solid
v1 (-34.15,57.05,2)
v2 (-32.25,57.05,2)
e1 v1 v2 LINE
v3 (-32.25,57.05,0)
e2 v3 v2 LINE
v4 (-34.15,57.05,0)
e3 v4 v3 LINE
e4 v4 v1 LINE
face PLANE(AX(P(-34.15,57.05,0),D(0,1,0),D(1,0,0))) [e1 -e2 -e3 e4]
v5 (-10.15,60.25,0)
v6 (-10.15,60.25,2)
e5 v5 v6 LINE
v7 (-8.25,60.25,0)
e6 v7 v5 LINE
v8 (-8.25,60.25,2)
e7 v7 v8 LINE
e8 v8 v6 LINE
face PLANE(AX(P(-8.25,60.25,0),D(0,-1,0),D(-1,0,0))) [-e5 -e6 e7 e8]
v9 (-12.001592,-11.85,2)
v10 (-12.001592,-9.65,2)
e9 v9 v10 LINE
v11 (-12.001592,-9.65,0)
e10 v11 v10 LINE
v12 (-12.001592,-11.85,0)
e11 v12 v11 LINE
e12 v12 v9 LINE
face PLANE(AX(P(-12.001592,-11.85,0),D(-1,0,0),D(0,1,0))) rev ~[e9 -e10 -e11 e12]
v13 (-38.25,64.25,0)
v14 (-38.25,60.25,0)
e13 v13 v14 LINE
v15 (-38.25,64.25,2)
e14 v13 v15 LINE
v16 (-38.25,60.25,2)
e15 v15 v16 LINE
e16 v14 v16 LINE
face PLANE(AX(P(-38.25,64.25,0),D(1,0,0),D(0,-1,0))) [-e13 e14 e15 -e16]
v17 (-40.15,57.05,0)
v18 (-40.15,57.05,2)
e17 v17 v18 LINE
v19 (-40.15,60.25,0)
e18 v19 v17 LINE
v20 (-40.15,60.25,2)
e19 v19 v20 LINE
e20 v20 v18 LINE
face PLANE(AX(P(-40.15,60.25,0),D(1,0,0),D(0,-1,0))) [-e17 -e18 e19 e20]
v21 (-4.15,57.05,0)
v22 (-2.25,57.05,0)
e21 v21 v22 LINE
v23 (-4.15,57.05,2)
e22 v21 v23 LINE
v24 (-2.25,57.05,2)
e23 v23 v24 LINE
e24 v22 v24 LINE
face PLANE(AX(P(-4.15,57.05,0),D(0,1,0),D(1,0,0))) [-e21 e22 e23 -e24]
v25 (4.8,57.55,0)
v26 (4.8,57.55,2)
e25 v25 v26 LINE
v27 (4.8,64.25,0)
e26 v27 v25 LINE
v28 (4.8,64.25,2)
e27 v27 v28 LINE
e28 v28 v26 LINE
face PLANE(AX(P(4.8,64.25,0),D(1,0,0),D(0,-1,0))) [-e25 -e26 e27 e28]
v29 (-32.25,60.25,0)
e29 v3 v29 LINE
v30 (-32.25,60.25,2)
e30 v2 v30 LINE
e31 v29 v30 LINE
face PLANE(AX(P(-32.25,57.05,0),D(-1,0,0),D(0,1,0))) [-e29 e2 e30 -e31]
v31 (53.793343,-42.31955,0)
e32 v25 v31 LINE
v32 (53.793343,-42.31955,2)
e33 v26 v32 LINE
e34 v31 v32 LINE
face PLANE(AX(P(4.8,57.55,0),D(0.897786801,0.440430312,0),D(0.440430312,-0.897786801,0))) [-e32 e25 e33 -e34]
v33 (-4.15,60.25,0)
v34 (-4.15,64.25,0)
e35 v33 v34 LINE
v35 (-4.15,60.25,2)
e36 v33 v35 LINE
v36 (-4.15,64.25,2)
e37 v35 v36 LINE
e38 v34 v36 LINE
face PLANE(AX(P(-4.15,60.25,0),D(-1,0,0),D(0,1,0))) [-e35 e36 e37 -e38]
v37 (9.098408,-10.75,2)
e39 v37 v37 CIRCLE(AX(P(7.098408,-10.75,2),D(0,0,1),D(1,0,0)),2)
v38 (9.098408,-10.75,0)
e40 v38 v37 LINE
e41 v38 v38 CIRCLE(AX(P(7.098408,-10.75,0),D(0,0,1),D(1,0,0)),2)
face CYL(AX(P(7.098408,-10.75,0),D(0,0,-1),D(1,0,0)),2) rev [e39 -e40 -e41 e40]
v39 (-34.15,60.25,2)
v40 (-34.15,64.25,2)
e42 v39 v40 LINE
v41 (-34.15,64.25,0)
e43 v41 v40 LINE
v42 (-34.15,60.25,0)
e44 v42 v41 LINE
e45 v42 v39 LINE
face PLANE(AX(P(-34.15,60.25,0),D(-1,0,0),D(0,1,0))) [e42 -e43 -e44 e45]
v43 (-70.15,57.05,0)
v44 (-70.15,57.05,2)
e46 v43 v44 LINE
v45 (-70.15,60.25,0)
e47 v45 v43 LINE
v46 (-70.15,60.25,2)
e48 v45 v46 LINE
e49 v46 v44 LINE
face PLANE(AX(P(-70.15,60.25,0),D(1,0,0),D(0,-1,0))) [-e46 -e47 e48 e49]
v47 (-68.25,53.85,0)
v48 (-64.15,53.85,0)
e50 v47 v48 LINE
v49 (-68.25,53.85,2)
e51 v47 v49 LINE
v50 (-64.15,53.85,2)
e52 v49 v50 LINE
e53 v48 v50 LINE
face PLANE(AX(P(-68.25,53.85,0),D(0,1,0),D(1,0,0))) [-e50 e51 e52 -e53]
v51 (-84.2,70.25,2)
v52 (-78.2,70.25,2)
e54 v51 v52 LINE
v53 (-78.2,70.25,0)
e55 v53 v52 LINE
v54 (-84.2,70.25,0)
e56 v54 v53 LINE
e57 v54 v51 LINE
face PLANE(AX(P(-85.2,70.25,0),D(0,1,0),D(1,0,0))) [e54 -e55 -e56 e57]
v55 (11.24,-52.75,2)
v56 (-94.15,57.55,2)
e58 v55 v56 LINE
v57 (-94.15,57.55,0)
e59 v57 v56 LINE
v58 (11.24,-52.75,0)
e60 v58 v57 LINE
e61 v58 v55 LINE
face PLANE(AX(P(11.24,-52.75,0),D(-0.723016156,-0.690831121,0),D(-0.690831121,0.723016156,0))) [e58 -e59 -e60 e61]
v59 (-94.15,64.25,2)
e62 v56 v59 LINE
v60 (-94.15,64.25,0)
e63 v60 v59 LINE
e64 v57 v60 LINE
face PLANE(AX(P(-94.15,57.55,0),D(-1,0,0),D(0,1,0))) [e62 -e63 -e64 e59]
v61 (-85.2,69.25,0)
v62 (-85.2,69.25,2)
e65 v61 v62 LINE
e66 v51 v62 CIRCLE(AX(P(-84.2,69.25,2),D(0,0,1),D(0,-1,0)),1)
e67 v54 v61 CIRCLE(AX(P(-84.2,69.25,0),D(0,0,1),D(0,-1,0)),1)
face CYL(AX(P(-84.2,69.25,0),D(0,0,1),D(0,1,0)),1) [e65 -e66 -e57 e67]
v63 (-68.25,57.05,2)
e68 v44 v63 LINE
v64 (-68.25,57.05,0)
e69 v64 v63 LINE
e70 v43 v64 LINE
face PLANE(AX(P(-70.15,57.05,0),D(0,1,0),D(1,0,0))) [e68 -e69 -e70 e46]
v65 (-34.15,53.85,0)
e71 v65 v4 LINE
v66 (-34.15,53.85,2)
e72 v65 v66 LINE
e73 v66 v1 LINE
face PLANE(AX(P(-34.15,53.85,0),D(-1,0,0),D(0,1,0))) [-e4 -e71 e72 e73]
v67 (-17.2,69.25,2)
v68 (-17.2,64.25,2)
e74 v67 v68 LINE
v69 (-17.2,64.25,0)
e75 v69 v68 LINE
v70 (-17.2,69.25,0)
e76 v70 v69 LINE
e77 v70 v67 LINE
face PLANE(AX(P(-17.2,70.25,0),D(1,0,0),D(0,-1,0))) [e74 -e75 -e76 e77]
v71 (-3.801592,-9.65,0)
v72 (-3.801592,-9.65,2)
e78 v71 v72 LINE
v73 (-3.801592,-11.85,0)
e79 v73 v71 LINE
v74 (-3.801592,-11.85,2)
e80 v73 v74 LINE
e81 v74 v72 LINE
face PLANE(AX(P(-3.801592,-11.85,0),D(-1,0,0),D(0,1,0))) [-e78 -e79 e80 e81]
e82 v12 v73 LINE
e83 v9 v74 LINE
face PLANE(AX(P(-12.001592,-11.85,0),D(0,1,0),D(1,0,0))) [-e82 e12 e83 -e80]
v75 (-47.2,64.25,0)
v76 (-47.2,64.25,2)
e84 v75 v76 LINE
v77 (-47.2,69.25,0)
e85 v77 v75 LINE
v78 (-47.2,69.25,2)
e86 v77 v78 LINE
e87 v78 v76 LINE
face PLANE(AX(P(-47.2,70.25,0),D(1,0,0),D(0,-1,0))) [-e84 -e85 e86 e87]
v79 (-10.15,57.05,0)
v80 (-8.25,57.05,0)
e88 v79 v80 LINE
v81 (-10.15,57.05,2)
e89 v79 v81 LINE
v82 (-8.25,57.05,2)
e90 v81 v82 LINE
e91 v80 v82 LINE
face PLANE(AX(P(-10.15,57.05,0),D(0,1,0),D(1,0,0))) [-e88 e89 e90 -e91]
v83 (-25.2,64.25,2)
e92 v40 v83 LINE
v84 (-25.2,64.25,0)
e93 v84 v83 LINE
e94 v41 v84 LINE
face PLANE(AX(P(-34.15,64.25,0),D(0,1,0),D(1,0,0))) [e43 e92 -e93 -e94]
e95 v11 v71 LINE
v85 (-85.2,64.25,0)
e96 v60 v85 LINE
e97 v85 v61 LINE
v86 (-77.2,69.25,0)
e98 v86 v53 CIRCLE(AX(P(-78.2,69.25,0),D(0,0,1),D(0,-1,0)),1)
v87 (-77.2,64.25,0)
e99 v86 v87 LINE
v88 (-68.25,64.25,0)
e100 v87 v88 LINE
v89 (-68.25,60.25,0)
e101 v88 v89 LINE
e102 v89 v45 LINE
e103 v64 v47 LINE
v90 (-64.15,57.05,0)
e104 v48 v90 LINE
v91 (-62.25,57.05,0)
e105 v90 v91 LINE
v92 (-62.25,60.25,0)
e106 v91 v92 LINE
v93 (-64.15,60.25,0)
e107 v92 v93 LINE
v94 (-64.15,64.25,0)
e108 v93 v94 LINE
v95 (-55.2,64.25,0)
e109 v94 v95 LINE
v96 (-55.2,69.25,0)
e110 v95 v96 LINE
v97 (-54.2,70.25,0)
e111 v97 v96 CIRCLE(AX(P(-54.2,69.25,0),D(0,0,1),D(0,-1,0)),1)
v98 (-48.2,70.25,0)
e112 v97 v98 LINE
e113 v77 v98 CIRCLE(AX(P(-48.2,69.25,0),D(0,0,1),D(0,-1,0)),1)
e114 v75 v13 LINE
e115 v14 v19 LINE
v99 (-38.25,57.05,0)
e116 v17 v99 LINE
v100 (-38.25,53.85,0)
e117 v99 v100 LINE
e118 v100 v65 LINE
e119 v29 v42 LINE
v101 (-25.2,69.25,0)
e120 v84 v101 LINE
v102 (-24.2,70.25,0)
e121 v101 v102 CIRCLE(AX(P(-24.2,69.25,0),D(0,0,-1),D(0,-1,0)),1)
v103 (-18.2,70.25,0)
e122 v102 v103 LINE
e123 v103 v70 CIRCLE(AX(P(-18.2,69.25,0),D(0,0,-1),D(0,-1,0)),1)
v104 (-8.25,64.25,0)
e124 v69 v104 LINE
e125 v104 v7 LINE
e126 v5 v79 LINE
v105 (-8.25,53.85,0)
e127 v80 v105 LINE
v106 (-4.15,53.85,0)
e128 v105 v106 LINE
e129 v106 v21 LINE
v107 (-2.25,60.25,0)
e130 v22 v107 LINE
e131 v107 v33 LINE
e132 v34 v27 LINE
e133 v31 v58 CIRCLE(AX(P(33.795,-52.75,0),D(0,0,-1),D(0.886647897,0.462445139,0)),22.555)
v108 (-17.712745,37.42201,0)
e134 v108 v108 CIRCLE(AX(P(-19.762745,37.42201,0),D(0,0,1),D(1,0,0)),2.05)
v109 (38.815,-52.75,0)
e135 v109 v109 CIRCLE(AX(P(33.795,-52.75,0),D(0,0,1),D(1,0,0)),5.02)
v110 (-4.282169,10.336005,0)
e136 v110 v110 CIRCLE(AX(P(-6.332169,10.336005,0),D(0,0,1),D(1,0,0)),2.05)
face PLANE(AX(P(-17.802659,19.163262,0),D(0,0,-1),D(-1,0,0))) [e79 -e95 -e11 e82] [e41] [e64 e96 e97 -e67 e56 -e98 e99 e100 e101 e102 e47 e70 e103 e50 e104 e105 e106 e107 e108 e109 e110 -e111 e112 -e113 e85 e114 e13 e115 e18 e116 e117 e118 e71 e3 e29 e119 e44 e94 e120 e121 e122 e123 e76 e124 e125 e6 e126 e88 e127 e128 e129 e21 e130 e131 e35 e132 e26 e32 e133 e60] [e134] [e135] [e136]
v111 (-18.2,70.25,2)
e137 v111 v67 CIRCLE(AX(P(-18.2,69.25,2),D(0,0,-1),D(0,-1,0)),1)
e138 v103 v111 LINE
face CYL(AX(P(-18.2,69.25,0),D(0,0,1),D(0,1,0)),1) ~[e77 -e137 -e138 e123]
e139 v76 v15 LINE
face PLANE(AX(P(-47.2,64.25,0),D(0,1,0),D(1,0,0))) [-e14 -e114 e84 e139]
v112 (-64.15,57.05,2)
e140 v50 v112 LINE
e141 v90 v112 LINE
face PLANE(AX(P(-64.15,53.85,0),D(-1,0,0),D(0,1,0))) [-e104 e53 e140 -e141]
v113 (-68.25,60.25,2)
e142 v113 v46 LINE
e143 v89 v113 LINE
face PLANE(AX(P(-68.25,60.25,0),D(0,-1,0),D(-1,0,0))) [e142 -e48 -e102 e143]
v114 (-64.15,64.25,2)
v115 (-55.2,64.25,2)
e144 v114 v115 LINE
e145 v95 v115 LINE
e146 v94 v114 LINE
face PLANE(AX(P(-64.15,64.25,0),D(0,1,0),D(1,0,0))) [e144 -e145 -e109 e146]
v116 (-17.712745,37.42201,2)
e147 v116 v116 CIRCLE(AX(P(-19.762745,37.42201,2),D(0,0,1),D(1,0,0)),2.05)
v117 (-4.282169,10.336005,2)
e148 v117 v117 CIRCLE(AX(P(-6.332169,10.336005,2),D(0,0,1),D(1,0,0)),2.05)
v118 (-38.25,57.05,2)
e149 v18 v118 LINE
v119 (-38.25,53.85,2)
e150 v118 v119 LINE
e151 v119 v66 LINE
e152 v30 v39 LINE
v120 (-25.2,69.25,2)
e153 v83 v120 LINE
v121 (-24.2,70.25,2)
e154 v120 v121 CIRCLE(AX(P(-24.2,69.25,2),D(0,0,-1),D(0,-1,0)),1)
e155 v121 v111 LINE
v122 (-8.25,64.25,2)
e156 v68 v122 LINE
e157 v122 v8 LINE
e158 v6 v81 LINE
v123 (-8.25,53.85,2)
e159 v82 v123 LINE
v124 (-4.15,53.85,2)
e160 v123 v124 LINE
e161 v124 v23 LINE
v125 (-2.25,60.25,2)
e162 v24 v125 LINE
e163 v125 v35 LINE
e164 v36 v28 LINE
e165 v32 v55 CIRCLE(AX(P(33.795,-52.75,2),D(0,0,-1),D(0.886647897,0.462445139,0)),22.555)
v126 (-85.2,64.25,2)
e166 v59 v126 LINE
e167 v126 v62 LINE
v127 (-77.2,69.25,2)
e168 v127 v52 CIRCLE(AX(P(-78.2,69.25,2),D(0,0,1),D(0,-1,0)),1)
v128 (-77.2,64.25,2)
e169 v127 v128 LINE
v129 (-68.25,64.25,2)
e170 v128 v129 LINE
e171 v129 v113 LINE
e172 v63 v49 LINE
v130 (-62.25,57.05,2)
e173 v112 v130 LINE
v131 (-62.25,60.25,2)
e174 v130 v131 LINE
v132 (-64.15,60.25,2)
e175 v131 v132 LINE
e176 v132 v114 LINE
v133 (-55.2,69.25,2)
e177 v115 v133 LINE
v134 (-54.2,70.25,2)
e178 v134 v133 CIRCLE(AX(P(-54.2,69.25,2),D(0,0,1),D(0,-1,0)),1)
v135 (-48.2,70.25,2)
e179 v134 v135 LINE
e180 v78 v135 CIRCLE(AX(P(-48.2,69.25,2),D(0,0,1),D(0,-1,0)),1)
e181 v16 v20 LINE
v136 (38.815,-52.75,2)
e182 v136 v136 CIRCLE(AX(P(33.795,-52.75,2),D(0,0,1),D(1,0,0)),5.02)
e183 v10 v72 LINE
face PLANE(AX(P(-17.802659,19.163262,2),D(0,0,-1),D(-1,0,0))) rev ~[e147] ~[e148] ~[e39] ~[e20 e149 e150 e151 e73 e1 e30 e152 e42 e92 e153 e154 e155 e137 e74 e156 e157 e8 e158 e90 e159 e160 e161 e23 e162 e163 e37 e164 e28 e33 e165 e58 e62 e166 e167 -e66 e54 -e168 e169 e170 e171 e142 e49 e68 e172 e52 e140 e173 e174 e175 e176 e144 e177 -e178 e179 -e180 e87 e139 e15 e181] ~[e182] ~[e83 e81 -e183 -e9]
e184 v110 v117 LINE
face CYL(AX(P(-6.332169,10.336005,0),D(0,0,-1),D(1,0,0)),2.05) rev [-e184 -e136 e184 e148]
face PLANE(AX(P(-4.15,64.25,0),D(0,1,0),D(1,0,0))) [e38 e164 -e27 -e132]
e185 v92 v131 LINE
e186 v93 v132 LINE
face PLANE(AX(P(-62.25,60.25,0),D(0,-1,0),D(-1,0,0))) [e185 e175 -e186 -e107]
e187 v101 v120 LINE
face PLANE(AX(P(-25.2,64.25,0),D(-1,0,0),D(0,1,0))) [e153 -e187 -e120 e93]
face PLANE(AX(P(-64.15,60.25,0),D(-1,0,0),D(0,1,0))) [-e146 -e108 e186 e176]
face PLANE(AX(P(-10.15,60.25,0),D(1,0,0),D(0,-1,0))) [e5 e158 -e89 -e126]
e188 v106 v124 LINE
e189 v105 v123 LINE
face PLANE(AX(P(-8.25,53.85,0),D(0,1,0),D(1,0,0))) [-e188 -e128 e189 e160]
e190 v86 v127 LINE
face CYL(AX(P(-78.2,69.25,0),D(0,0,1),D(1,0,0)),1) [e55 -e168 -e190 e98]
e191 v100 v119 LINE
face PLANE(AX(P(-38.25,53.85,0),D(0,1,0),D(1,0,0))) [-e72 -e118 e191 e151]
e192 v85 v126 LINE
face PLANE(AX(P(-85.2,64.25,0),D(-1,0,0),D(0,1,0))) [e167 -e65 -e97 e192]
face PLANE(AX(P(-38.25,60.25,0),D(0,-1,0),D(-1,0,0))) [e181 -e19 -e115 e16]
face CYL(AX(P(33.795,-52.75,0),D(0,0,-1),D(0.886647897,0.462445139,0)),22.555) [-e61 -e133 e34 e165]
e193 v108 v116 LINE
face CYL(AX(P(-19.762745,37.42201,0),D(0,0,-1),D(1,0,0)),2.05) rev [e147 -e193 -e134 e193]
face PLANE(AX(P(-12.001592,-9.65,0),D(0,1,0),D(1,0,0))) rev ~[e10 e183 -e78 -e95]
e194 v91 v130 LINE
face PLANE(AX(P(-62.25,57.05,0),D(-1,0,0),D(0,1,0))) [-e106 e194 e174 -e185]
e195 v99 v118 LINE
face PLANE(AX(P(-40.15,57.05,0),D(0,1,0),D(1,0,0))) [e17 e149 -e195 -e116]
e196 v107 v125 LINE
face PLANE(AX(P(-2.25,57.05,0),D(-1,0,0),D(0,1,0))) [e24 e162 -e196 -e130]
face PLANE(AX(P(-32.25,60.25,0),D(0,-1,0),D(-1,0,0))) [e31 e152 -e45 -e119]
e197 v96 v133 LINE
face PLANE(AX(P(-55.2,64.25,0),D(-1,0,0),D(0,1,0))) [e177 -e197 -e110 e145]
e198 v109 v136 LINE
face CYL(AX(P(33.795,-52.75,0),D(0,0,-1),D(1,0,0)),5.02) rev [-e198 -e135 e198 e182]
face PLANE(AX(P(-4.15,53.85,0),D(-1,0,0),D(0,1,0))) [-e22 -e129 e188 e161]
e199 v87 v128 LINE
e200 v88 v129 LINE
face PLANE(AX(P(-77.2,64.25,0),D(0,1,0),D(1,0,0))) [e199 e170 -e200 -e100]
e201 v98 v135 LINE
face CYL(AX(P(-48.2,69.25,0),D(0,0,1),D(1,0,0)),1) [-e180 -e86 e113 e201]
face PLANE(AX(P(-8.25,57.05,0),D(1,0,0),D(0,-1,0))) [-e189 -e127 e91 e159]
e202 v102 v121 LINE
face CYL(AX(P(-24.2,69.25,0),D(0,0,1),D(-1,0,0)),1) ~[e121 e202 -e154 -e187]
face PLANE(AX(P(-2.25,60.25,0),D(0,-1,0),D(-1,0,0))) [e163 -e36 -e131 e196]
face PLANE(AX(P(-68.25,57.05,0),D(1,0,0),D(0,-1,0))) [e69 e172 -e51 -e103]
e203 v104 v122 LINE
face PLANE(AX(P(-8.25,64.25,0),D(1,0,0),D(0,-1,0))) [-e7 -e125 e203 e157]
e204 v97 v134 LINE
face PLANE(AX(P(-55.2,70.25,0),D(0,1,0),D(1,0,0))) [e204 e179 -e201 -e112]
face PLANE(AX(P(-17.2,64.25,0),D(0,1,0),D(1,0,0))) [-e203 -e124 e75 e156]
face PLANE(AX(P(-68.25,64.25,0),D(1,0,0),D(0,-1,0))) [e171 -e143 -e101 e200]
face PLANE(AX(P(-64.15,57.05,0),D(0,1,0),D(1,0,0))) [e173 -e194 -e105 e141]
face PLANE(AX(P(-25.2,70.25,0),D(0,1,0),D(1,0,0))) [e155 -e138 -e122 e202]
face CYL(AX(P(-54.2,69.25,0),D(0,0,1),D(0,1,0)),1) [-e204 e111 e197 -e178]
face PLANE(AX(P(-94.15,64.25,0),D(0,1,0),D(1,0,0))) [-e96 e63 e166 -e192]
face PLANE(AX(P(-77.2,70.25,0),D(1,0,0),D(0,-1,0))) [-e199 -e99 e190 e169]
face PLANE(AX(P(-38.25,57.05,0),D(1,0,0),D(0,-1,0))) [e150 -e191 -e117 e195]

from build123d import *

# Parameters (mm, degrees)
SKETCH_1_R      = 2
SKETCH_1_R_2    = 5.02
SKETCH_1_R_3    = 2.05
SKETCH_1_W      = 8.2
SKETCH_1_H      = 2.2
EXTRUDE_1_DEPTH = 2
FILLET_1_R      = 1


with BuildPart() as part:
    # 草图1 → 凸台-拉伸1 (new body)
    with BuildSketch(Plane.XY):
        with BuildLine():
            Line((-38.25, 64.25), (-38.25, 60.25))
            Line((-38.25, 60.25), (-40.15, 60.25))
            Line((-40.15, 60.25), (-40.15, 57.05))
            Line((-40.15, 57.05), (-38.25, 57.05))
            Line((-38.25, 57.05), (-38.25, 53.85))
            Line((-38.25, 53.85), (-34.15, 53.85))
            Line((-34.15, 53.85), (-34.15, 57.05))
            Line((-34.15, 57.05), (-32.25, 57.05))
            Line((-32.25, 57.05), (-32.25, 60.25))
            Line((-32.25, 60.25), (-34.15, 60.25))
            Line((-34.15, 60.25), (-34.15, 64.25))
            Line((-34.15, 64.25), (-25.2, 64.25))
            Line((-25.2, 64.25), (-25.2, 70.25))
            Line((-25.2, 70.25), (-17.2, 70.25))
            Line((-17.2, 70.25), (-17.2, 64.25))
            Line((-17.2, 64.25), (-8.25, 64.25))
            Line((-8.25, 64.25), (-8.25, 60.25))
            Line((-8.25, 60.25), (-10.15, 60.25))
            Line((-10.15, 60.25), (-10.15, 57.05))
            Line((-10.15, 57.05), (-8.25, 57.05))
            Line((-8.25, 57.05), (-8.25, 53.85))
            Line((-8.25, 53.85), (-4.15, 53.85))
            Line((-4.15, 53.85), (-4.15, 57.05))
            Line((-4.15, 57.05), (-2.25, 57.05))
            Line((-2.25, 57.05), (-2.25, 60.25))
            Line((-2.25, 60.25), (-4.15, 60.25))
            Line((-4.15, 60.25), (-4.15, 64.25))
            Line((-4.15, 64.25), (4.8, 64.25))
            Line((4.8, 64.25), (4.8, 57.55))
            Line((4.8, 57.55), (53.793343317, -42.319549886))
            ThreePointArc((53.793343317, -42.319549886), (39.164608528, -74.656513398), (11.24, -52.75))
            Line((11.24, -52.75), (-94.15, 57.55))
            Line((-94.15, 57.55), (-94.15, 64.25))
            Line((-94.15, 64.25), (-85.2, 64.25))
            Line((-85.2, 64.25), (-85.2, 70.25))
            Line((-85.2, 70.25), (-77.2, 70.25))
            Line((-77.2, 70.25), (-77.2, 64.25))
            Line((-77.2, 64.25), (-68.25, 64.25))
            Line((-68.25, 64.25), (-68.25, 60.25))
            Line((-68.25, 60.25), (-70.15, 60.25))
            Line((-70.15, 60.25), (-70.15, 57.05))
            Line((-70.15, 57.05), (-68.25, 57.05))
            Line((-68.25, 57.05), (-68.25, 53.85))
            Line((-68.25, 53.85), (-64.15, 53.85))
            Line((-64.15, 53.85), (-64.15, 57.05))
            Line((-64.15, 57.05), (-62.25, 57.05))
            Line((-62.25, 57.05), (-62.25, 60.25))
            Line((-62.25, 60.25), (-64.15, 60.25))
            Line((-64.15, 60.25), (-64.15, 64.25))
            Line((-64.15, 64.25), (-55.2, 64.25))
            Line((-55.2, 64.25), (-55.2, 70.25))
            Line((-55.2, 70.25), (-47.2, 70.25))
            Line((-47.2, 70.25), (-47.2, 64.25))
            Line((-47.2, 64.25), (-38.25, 64.25))
        make_face()
        with Locations((7.098407643, -10.75)):
            Circle(SKETCH_1_R, mode=Mode.SUBTRACT)
        with Locations((33.795, -52.75)):
            Circle(SKETCH_1_R_2, mode=Mode.SUBTRACT)
        with Locations((-6.332168895, 10.336005166)):
            Circle(SKETCH_1_R_3, mode=Mode.SUBTRACT)
        with Locations((-19.762745434, 37.422010331)):
            Circle(SKETCH_1_R_3, mode=Mode.SUBTRACT)
        with Locations((-7.901592357, -10.75)):
            Rectangle(SKETCH_1_W, SKETCH_1_H, mode=Mode.SUBTRACT)
    extrude(amount=EXTRUDE_1_DEPTH)

    # 圆角1
    fillet_1_edges = [part.edges().sort_by_distance(p)[0] for p in [
        (-25.2, 70.25, 1),
        (-17.2, 70.25, 1),
        (-85.2, 70.25, 1),
        (-77.2, 70.25, 1),
        (-55.2, 70.25, 1),
        (-47.2, 70.25, 1),
    ]]
    fillet(fillet_1_edges, radius=FILLET_1_R)


solid = part.part
